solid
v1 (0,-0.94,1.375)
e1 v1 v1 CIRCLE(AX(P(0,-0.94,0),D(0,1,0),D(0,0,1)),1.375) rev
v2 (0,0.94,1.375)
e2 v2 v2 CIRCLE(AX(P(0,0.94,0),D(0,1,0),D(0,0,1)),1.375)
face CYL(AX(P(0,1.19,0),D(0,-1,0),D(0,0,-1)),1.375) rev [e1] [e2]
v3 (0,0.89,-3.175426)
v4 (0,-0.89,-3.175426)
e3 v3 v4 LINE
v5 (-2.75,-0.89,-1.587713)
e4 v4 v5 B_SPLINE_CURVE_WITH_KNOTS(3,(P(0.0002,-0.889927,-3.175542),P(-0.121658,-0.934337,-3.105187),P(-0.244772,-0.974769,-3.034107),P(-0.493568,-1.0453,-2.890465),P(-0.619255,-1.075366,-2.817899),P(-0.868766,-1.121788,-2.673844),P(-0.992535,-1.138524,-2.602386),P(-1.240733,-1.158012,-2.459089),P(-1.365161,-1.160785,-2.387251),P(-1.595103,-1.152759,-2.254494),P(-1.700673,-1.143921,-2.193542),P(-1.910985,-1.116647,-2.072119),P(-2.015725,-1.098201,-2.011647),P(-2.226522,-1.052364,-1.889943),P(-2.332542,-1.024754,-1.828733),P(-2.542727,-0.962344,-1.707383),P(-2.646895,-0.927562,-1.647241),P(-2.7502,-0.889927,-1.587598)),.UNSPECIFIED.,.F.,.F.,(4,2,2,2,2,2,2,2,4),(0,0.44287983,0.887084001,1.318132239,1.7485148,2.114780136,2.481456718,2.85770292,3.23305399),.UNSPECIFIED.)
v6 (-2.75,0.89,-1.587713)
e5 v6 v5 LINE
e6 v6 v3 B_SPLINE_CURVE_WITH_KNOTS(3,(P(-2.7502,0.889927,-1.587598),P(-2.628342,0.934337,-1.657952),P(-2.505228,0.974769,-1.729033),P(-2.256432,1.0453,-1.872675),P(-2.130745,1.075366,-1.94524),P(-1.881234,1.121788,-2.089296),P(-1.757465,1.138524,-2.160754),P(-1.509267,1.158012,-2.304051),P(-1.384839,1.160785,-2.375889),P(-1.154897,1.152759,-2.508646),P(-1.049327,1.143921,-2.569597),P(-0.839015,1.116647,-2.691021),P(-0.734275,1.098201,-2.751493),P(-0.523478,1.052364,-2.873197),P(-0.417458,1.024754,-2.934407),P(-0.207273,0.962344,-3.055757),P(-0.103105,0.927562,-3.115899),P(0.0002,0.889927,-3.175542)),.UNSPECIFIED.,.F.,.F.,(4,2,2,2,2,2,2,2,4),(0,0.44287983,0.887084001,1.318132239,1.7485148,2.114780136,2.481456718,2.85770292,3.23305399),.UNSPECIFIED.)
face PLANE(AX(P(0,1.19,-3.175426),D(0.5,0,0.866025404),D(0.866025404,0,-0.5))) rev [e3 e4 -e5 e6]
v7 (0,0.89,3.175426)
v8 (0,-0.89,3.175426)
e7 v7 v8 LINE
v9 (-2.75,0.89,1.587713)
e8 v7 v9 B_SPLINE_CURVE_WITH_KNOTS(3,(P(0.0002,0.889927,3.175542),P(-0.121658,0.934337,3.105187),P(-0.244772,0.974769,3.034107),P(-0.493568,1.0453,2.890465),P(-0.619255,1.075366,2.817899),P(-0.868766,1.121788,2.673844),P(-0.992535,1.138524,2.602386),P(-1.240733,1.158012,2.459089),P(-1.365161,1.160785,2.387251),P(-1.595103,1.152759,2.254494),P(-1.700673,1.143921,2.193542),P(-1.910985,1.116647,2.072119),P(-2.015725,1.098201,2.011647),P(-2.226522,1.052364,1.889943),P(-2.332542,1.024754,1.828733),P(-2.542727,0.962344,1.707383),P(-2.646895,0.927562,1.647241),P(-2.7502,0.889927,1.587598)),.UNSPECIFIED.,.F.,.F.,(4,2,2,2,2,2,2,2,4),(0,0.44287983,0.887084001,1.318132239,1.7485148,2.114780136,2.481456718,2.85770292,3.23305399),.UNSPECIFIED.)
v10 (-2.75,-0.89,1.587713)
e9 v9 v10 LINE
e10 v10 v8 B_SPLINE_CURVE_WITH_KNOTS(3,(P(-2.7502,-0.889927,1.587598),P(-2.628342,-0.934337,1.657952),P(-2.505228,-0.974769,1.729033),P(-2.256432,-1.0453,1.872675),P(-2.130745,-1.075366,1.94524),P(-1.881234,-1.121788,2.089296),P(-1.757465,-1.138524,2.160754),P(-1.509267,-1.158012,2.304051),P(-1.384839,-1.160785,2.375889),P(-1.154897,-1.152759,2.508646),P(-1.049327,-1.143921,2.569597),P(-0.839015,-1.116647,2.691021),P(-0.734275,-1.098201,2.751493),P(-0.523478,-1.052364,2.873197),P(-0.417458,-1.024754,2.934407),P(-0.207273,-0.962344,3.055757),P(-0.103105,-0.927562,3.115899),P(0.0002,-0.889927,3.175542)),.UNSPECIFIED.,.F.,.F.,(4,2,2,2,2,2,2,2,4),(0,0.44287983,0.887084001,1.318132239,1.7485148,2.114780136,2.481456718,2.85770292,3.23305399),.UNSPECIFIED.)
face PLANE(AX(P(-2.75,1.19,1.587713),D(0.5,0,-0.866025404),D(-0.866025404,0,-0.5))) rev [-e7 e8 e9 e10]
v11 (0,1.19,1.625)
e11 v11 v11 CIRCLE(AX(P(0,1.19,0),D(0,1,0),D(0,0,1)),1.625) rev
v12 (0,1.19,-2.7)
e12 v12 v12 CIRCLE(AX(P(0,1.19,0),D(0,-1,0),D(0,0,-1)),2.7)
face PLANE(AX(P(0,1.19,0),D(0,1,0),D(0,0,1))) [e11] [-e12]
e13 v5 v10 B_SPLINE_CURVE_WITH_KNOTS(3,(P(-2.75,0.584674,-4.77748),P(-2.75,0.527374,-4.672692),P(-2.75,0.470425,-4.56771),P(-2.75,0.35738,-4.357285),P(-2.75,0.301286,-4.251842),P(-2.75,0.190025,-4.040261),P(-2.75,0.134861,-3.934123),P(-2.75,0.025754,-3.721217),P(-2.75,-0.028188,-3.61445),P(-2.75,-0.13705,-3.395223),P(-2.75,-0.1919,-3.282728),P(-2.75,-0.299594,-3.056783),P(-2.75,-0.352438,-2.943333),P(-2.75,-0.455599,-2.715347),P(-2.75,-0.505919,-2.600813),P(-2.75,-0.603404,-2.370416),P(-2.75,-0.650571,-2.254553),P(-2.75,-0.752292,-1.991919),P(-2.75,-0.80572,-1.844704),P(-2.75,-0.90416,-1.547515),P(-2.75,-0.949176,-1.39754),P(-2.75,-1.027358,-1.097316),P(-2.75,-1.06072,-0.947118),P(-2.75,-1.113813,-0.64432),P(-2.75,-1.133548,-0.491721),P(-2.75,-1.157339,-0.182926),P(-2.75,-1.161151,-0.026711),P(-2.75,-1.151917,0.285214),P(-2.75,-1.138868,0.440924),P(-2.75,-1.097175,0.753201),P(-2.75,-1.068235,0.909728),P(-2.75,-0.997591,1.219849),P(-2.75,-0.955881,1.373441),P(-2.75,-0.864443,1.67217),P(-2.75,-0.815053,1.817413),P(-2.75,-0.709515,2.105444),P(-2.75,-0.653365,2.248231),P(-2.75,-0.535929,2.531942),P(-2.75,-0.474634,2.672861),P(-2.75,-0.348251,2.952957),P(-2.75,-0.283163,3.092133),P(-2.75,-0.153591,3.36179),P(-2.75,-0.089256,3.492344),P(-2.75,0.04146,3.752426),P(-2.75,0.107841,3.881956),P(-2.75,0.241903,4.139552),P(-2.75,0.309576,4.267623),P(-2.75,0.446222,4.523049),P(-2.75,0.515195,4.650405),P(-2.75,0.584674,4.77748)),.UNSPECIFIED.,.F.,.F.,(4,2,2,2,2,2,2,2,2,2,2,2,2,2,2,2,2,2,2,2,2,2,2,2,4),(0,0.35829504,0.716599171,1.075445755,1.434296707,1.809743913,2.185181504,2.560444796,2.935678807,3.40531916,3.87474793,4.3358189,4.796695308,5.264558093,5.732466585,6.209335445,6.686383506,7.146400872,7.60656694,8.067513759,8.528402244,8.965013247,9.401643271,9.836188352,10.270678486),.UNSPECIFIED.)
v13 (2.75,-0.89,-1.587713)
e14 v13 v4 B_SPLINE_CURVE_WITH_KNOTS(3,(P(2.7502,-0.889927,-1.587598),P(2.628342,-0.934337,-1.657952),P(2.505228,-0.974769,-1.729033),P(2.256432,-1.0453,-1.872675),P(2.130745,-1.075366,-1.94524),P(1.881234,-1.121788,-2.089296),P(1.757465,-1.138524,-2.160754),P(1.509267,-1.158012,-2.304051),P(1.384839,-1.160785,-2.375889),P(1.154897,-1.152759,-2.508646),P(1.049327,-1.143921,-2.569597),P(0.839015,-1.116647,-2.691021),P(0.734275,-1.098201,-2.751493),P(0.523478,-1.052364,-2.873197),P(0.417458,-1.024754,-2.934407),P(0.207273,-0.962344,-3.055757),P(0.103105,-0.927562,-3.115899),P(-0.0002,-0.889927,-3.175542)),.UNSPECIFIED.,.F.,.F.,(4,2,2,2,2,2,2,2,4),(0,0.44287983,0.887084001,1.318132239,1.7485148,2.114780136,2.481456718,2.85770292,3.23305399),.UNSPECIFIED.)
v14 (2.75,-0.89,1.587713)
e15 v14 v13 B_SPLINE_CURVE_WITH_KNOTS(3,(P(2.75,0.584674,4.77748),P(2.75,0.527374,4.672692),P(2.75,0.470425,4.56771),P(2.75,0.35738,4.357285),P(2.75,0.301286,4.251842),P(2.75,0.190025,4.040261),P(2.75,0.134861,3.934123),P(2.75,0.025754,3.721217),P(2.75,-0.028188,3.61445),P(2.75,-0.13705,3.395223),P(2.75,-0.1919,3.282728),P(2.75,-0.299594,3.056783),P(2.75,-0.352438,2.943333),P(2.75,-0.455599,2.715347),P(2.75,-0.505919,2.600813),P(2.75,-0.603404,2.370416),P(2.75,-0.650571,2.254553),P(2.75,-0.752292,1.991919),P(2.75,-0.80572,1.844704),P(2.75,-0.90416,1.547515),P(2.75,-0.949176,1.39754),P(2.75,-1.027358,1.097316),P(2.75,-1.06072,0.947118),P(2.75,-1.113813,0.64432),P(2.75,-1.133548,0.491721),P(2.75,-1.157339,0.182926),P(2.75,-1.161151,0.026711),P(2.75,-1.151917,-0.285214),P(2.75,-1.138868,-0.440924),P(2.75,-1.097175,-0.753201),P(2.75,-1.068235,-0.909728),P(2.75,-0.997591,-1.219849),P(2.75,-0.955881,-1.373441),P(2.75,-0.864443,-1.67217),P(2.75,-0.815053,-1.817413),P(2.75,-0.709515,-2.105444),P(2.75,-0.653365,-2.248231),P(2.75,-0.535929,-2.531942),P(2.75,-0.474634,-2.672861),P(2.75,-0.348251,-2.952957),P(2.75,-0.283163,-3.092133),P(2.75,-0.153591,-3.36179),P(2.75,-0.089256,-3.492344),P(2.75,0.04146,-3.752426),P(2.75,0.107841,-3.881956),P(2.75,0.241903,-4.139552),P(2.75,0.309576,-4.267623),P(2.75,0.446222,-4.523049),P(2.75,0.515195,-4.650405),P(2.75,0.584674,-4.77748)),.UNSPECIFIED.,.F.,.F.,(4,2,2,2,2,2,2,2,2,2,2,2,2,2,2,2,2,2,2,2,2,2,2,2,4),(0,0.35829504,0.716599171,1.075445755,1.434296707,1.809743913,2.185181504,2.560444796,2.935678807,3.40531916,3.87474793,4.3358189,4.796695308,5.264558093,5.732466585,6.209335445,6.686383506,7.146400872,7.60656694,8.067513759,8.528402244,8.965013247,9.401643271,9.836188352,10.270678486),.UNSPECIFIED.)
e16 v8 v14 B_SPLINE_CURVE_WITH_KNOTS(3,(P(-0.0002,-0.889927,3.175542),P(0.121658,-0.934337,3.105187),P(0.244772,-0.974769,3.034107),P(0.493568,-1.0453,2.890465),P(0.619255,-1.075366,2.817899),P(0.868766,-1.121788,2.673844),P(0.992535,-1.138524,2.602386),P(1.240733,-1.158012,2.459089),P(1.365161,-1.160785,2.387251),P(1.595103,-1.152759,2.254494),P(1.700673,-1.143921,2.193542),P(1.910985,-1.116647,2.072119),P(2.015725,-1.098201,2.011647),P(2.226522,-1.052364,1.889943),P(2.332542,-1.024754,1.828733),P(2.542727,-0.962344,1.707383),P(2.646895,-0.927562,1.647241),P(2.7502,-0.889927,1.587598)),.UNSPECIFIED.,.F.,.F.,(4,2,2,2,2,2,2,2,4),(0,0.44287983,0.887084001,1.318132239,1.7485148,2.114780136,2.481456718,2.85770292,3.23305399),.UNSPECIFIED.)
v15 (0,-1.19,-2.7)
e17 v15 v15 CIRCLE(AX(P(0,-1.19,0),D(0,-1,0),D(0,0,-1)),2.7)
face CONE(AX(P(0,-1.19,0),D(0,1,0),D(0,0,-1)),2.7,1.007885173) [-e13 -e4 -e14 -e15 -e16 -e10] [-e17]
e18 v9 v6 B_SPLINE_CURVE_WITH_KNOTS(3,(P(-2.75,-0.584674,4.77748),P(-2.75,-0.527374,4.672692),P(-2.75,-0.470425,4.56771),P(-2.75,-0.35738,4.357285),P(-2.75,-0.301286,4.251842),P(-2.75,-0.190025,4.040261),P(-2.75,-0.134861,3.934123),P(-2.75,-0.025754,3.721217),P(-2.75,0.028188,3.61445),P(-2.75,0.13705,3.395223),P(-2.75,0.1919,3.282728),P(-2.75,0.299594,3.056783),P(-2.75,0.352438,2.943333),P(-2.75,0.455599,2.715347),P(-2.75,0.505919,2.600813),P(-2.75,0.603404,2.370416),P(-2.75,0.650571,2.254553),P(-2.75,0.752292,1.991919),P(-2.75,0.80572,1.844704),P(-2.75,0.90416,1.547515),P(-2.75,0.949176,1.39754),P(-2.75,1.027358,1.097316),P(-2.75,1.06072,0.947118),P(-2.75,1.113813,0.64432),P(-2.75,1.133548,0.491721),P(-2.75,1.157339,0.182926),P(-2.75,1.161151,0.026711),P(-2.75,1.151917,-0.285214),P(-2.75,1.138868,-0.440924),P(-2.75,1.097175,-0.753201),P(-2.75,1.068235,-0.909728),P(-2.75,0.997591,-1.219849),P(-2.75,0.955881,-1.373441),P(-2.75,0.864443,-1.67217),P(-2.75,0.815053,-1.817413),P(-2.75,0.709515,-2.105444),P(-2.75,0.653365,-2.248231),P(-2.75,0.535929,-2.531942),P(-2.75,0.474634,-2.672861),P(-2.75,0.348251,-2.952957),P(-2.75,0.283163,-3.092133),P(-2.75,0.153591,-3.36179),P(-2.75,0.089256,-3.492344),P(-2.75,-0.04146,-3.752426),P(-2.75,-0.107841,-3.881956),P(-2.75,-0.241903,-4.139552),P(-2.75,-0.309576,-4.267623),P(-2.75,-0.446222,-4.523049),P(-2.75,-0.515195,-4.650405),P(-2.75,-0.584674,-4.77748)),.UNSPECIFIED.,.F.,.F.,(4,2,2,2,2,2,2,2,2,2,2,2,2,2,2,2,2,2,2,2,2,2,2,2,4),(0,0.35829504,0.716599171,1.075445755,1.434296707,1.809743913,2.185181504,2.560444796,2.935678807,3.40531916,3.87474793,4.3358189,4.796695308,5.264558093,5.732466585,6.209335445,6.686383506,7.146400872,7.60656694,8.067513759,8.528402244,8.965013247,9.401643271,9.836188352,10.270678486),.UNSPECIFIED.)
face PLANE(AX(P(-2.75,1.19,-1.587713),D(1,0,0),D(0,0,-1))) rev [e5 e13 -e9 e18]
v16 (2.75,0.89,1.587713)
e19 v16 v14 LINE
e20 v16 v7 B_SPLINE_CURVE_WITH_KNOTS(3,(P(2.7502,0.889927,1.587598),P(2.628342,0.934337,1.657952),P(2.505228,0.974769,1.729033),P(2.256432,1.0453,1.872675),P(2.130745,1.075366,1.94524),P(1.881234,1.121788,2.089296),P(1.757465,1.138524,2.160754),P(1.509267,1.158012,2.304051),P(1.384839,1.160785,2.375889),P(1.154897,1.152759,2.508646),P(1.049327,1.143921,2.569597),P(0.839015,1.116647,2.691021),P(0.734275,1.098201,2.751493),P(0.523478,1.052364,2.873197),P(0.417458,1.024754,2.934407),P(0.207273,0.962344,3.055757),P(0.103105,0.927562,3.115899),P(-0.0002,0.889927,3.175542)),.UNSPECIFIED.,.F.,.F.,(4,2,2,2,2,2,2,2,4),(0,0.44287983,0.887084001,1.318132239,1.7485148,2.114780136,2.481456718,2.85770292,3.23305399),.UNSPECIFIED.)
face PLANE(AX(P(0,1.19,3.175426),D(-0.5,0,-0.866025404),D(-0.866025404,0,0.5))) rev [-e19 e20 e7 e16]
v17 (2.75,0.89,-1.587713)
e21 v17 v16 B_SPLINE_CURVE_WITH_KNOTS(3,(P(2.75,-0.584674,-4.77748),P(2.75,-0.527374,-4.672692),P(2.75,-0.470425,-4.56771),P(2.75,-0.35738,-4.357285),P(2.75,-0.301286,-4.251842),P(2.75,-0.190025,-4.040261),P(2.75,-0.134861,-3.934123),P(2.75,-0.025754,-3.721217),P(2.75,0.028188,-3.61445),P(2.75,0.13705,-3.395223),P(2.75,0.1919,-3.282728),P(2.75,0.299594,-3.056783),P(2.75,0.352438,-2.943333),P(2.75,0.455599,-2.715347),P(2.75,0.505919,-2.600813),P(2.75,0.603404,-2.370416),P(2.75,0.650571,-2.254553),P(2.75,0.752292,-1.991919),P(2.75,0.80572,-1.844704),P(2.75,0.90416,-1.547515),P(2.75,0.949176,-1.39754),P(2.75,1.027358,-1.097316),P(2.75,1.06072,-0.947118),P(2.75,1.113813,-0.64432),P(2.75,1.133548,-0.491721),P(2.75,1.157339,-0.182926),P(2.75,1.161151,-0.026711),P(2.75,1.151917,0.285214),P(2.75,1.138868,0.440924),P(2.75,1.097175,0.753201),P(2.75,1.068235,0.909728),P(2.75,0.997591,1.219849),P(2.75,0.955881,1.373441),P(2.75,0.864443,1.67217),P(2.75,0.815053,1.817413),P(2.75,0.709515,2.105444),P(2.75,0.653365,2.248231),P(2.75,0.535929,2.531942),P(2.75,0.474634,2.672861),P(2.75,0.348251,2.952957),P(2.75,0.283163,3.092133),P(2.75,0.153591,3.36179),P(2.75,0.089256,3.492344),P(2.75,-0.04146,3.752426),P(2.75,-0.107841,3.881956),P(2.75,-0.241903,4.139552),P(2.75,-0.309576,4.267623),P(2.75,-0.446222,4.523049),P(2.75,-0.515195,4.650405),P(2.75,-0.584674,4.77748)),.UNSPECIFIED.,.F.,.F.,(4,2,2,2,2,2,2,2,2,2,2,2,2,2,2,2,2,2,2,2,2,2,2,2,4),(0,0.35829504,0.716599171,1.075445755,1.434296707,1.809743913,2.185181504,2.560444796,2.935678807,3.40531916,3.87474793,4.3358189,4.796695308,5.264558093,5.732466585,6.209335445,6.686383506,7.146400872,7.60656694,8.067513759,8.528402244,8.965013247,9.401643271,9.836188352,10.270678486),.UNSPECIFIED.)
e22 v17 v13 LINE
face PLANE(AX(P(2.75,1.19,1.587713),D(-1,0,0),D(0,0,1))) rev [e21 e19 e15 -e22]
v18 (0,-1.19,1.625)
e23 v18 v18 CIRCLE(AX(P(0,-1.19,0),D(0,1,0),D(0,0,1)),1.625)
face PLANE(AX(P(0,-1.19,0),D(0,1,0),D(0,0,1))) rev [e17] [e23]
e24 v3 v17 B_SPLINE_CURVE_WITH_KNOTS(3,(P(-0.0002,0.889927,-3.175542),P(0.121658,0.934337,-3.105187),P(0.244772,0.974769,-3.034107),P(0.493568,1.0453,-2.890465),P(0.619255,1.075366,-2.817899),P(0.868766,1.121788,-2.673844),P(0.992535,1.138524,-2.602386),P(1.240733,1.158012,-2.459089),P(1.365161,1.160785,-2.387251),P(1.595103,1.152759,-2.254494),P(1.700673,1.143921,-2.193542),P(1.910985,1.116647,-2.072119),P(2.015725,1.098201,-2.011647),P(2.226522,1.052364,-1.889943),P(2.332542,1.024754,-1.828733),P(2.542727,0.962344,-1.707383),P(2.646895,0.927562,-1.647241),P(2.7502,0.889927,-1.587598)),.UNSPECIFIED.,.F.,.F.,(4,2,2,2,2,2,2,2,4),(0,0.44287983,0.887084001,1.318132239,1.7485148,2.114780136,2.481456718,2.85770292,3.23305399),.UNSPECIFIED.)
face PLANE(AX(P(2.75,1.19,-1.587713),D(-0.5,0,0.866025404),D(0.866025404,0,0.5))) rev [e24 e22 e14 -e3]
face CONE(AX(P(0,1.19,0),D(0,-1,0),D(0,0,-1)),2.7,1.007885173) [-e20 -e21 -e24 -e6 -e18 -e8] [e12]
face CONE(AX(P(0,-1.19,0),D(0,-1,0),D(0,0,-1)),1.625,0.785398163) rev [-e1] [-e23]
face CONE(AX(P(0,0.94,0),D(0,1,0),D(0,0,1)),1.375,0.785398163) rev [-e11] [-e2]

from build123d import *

# Parameters (mm, degrees)
SKETCH1_R           = 1.375
BOSS_EXTRUDE1_DEPTH = 1.19
CHAMFER1_SIZE       = 0.25


with BuildPart() as part:
    # Sketch1 → Boss-Extrude1 (new, symmetric)
    with BuildSketch(Plane(origin=(0, 0, 0), x_dir=(1, 0, 0), z_dir=(0, 1, 0))):
        Polygon((0, 3.175426481), (-2.75, 1.58771324), (-2.75, -1.58771324), (0, -3.175426481), (2.75, -1.58771324), (2.75, 1.58771324), align=None)
        with Locations(Location((0, 0, 0), (0, 0, 270))):
            Circle(SKETCH1_R, mode=Mode.SUBTRACT)
    extrude(amount=BOSS_EXTRUDE1_DEPTH, both=True)

    # Sketch2 → Cut-Revolve1 (revolve, cut)
    with BuildSketch(Plane(origin=(0, 0, 0), x_dir=(0, 0, -1), z_dir=(1, 0, 0))):
        Polygon((2.7, 1.19), (3.175426481, 0.89), (3.175426481, 1.19), align=None)
    cut_revolve1 = revolve(axis=Axis((0, 0, 0), (0, 1, 0)), mode=Mode.SUBTRACT)

    # Mirror1: Cut-Revolve1 across plane
    add(cut_revolve1.mirror(Plane.ZX), mode=Mode.SUBTRACT)

    # Chamfer1
    chamfer1_edges = [part.edges().sort_by_distance(p)[0] for p in [
        (0, -1.19, -1.375),
        (0, 1.19, -1.375),
    ]]
    chamfer(chamfer1_edges, length=CHAMFER1_SIZE)


solid = part.part
